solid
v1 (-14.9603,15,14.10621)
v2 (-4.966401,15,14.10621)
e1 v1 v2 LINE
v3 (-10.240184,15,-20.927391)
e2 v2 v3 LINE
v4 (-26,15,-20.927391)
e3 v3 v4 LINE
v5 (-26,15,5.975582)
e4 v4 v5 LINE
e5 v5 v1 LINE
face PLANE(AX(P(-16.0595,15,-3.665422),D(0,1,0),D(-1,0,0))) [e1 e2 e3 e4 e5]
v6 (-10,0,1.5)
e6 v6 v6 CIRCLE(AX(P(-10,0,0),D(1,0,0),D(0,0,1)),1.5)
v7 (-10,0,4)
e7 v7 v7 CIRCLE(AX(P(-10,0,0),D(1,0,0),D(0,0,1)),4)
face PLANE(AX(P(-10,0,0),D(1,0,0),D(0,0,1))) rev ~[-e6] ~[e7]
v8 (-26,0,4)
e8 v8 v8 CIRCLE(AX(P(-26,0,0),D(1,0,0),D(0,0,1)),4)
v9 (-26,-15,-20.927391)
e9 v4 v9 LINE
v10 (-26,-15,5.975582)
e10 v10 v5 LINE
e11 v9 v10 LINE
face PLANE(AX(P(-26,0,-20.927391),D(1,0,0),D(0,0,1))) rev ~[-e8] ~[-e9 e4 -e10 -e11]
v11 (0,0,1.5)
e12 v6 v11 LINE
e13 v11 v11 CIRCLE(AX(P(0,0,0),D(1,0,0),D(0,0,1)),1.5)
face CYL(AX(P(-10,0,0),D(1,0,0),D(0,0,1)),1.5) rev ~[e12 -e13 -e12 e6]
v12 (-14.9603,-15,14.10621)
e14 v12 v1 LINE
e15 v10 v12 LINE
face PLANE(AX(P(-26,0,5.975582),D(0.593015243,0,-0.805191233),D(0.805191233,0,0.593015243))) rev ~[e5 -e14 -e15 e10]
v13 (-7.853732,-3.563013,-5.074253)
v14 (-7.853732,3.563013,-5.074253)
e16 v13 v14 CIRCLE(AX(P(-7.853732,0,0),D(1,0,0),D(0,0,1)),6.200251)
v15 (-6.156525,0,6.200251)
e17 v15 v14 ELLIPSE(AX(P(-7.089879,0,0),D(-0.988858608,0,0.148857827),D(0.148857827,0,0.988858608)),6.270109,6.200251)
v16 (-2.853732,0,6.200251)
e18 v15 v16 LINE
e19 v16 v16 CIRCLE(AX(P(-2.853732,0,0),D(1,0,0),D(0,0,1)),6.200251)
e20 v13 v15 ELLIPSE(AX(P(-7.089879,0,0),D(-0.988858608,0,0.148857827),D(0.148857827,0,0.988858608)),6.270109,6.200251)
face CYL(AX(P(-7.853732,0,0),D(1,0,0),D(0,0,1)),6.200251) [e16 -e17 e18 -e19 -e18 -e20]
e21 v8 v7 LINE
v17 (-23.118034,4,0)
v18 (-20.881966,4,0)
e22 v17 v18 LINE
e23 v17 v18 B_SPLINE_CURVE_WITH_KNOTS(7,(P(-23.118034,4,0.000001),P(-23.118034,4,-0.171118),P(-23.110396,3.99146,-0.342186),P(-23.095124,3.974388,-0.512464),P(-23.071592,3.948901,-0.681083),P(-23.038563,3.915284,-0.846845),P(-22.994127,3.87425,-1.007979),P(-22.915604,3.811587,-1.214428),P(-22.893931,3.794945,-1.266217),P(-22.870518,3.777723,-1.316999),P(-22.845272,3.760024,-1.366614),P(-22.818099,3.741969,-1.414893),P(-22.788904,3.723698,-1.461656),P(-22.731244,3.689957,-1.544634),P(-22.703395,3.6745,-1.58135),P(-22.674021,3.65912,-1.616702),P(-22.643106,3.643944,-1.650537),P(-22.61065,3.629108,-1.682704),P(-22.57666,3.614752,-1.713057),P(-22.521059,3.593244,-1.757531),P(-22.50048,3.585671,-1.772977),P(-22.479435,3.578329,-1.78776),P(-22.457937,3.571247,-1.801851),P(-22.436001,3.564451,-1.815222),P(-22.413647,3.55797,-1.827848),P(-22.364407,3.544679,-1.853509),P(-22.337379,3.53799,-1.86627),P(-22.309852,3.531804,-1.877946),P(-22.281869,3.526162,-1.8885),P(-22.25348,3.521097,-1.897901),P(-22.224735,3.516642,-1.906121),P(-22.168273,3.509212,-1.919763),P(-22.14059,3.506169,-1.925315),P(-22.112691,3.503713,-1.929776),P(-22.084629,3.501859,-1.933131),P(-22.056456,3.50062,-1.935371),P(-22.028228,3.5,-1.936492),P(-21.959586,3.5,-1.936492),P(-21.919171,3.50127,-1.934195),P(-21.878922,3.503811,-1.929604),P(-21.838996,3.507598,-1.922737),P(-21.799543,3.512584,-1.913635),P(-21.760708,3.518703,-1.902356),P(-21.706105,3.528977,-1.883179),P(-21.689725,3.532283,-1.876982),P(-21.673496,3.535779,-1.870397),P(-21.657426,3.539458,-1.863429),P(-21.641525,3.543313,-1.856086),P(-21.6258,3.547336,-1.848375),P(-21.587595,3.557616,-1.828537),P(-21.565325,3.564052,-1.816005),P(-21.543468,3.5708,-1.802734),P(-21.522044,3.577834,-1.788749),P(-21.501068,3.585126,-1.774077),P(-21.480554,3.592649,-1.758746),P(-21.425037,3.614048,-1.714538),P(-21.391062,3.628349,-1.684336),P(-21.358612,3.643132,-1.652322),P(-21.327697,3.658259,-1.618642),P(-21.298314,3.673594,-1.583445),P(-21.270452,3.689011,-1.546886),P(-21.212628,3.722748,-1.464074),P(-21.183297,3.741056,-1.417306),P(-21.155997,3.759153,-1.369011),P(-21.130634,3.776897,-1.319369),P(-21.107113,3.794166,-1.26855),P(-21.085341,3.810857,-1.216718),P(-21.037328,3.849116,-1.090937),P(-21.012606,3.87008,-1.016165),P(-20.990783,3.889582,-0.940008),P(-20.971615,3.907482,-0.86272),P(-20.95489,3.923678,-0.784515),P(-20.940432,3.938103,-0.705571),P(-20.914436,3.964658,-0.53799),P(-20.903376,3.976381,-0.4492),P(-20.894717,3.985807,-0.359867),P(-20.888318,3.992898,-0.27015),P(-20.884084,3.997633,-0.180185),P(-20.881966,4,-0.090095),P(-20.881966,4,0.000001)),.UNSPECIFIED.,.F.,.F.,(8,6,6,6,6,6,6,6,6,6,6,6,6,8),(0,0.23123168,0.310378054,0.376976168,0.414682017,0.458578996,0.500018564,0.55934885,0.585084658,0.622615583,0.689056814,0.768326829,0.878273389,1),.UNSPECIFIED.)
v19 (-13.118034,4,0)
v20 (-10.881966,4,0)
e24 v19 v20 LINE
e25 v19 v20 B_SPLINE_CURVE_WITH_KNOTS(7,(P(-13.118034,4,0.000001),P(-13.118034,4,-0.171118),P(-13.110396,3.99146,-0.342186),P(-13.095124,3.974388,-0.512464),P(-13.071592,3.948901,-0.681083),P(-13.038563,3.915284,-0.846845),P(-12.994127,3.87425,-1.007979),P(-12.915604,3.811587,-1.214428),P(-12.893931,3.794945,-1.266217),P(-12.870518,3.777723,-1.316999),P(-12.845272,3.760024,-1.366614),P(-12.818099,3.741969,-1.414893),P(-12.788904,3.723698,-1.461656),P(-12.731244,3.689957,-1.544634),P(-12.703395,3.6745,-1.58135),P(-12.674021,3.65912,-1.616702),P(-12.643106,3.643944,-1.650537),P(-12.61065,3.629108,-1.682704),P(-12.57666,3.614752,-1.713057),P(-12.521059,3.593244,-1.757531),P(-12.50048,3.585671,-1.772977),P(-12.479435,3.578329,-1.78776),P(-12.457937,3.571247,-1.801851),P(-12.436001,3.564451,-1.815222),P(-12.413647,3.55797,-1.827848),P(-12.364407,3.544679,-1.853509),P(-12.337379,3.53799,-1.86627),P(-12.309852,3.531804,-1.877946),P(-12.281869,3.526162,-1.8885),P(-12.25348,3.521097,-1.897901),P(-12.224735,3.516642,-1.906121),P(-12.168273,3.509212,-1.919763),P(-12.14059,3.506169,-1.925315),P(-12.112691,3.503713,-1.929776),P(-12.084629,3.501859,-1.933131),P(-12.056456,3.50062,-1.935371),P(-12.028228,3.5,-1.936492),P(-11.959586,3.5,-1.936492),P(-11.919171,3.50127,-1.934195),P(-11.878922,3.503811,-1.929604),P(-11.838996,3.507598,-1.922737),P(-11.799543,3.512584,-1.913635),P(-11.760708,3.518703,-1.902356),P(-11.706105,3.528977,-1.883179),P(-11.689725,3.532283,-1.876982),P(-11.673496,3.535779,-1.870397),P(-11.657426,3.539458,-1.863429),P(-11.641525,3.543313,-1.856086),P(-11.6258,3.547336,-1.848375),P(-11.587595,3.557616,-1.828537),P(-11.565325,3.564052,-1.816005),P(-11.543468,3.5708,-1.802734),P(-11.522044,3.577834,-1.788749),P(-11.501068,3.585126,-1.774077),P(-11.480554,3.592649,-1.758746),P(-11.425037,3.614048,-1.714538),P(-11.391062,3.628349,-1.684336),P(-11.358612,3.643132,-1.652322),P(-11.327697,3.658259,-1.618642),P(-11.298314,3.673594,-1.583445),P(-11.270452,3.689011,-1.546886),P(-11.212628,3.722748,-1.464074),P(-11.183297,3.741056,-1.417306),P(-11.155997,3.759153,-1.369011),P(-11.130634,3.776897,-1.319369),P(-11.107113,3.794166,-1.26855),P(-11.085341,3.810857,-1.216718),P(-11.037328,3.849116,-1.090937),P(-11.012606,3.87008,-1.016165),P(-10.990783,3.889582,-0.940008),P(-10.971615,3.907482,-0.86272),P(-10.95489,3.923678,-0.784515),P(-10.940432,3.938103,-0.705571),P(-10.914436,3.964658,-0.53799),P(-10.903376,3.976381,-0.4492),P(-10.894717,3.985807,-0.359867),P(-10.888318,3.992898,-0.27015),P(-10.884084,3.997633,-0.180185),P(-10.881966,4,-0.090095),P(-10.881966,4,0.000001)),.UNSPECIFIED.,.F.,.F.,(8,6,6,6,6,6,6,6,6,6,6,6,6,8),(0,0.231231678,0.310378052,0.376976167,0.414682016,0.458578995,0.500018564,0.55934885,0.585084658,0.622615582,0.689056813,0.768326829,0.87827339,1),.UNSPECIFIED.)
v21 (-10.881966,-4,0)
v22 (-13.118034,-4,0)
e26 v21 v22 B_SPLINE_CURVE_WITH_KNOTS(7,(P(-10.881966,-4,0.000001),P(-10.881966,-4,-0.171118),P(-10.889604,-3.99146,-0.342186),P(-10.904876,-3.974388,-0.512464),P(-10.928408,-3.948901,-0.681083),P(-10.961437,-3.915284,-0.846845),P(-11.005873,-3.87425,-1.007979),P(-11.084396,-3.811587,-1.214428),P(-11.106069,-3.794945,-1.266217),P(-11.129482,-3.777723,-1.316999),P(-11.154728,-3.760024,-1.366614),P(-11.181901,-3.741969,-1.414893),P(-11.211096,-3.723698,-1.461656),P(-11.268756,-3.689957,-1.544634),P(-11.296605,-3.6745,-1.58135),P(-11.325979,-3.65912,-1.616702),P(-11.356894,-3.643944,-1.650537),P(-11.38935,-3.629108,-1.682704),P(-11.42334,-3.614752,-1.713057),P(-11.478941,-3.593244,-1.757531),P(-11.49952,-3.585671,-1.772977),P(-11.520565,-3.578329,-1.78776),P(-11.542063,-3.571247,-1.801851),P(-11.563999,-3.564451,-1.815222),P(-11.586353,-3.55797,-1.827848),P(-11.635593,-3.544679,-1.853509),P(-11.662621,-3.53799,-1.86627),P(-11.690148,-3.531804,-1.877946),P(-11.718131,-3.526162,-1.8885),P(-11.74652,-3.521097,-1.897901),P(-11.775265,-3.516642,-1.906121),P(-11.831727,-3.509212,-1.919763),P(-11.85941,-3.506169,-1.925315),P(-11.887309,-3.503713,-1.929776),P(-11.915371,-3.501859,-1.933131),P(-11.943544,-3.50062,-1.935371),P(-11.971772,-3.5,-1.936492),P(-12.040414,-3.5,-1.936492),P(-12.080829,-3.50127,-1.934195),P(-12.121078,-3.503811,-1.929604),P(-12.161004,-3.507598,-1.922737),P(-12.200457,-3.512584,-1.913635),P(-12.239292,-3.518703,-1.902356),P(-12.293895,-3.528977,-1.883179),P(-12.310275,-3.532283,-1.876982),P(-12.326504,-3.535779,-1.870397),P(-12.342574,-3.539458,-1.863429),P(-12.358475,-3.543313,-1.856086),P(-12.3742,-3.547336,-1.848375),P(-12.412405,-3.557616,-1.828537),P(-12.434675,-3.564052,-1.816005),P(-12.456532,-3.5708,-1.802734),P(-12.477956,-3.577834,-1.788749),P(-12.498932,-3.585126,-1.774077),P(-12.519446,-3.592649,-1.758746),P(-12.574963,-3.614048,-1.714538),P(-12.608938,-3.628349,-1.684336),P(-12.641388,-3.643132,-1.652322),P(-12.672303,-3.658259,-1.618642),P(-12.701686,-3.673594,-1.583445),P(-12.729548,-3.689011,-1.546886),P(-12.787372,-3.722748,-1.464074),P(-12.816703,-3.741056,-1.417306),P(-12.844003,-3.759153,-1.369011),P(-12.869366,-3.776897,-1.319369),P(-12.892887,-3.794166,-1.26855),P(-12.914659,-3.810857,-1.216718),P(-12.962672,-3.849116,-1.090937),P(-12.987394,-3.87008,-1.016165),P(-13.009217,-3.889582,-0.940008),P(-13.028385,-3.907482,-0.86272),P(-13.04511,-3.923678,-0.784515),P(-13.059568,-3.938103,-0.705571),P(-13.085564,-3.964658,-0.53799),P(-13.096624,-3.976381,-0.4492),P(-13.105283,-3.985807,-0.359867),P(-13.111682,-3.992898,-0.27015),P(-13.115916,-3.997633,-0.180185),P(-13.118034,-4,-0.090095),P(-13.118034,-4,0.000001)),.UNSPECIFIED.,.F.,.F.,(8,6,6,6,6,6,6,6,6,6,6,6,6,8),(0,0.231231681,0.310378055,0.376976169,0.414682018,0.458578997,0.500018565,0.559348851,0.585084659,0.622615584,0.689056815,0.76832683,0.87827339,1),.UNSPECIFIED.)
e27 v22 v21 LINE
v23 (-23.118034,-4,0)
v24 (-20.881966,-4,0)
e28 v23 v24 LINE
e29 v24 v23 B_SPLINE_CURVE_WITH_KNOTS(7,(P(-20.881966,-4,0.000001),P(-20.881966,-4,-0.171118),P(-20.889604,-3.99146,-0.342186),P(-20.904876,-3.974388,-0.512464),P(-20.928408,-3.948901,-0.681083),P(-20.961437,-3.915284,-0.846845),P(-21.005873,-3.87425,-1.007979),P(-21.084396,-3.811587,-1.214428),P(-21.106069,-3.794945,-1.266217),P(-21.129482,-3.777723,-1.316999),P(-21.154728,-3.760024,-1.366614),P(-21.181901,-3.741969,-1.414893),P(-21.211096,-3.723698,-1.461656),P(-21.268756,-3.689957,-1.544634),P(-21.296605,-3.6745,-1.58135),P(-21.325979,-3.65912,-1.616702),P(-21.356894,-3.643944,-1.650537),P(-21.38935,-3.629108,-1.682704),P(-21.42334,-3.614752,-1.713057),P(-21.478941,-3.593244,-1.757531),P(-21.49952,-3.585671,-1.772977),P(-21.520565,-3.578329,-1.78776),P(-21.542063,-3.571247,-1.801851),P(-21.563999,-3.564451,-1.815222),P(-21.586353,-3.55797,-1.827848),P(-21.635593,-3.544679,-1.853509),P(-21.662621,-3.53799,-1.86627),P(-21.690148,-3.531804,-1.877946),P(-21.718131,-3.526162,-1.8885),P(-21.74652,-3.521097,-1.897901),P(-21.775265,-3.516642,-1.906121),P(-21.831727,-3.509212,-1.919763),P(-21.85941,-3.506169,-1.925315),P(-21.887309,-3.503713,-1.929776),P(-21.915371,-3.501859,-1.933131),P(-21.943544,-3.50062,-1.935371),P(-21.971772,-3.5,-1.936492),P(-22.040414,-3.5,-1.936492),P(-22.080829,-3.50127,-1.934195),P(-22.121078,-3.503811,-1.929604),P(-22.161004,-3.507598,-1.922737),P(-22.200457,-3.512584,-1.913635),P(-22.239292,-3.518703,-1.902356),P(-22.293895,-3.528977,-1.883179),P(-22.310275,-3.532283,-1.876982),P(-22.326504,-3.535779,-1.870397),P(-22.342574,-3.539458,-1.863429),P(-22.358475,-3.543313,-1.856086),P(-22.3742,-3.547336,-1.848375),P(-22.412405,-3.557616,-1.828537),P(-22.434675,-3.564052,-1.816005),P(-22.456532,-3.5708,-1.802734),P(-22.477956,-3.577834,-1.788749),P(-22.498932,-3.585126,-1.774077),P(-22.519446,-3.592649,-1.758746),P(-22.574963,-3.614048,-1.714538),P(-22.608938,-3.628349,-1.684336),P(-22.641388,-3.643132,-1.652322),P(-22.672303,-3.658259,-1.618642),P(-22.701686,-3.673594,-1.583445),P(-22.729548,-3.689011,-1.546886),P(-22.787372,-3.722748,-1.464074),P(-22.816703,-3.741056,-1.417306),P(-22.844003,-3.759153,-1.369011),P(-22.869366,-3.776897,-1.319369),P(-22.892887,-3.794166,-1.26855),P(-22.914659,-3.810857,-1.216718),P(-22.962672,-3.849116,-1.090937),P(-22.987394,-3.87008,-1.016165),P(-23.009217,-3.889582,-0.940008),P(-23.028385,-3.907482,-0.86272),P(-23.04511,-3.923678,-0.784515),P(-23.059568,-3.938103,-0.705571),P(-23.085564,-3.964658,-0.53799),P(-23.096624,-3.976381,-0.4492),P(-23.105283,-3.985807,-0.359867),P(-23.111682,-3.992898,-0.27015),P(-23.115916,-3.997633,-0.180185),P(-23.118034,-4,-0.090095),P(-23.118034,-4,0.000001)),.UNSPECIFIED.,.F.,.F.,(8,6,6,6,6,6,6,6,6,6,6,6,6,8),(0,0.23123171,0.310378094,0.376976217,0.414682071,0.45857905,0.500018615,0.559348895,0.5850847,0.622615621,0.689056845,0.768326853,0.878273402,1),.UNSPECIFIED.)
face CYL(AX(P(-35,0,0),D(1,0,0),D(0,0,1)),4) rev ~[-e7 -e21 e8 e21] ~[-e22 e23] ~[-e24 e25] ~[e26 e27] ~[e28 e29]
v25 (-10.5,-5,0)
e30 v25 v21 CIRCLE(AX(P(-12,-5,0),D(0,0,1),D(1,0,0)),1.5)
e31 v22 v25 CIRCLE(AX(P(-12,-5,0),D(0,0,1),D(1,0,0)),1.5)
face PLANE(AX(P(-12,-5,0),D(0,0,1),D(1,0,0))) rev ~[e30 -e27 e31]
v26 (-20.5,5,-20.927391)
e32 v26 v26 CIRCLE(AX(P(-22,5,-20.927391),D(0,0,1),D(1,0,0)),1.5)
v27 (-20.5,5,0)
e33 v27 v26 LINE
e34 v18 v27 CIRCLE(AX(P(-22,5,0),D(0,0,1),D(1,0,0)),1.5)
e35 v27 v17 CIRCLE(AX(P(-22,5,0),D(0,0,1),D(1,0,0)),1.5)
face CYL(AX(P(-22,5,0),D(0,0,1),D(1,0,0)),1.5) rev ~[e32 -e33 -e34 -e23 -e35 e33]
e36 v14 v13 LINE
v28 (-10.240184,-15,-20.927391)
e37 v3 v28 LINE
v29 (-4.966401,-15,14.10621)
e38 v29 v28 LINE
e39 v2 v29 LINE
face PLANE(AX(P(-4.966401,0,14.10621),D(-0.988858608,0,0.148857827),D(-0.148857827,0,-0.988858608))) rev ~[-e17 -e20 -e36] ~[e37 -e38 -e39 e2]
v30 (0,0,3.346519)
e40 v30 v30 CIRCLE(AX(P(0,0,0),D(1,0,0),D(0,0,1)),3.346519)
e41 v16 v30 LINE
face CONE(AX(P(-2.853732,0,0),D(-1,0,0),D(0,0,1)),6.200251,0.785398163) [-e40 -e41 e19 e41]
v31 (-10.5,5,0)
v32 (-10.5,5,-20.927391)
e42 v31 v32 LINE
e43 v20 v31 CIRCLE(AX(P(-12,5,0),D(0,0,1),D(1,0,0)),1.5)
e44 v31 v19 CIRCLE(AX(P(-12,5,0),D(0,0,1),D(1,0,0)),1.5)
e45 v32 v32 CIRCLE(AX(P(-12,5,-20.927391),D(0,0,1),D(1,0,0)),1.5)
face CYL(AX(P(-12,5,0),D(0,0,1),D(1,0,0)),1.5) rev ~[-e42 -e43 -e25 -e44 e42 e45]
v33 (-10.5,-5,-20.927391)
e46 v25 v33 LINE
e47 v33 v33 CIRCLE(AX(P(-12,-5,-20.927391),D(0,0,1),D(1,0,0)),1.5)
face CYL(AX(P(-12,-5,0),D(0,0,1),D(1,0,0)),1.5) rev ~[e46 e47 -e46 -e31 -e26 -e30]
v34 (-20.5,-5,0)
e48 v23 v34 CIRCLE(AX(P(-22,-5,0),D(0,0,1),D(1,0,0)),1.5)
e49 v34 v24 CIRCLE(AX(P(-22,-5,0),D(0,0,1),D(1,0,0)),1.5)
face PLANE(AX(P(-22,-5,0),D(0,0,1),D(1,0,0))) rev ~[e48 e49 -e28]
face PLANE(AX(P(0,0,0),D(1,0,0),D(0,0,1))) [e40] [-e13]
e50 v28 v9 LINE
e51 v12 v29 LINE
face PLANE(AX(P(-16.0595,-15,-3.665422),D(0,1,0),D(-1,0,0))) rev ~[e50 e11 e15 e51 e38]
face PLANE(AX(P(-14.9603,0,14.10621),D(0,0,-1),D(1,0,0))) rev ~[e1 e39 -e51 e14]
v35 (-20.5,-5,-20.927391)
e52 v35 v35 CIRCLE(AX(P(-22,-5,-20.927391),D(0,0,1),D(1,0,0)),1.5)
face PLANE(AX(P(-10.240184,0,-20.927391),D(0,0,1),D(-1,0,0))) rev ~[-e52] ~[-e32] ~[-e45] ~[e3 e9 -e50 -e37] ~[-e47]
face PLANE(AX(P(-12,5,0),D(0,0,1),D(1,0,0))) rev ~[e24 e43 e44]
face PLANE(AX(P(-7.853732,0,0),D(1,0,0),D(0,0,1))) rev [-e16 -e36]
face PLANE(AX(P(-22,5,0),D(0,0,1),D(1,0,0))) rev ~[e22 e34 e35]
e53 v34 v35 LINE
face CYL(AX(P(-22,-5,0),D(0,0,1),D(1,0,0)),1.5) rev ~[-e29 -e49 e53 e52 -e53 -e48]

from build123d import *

# Parameters (mm, degrees)
SKETCH003_R  = 1.5
PAD_DEPTH    = 50
PAD001_DEPTH = 15


with BuildPart() as bearingmountcutout:
    # Sketch007 → Revolution003 (revolve)
    with BuildSketch(Plane.XZ):
        Polygon((-35, 0), (-35, 4), (-10, 4), (-10, 1.5), (0, 1.5), (0, 0), align=None)
    revolve(axis=Axis((0, 0, 0), (1, 0, 0)))


with BuildPart() as cutouts:
    # Sketch003 → Pad (new body)
    with BuildSketch(Plane.XY):
        with Locations((-22, 5)):
            Circle(SKETCH003_R)
        with Locations((-12, 5)):
            Circle(SKETCH003_R)
        with Locations((-22, -5)):
            Circle(SKETCH003_R)
        with Locations((-12, -5)):
            Circle(SKETCH003_R)
    extrude(amount=-PAD_DEPTH)

    # Fusion001: union BearingMountCutout
    add(bearingmountcutout.part)


with BuildPart() as innerrace002:
    # Sketch001 → Revolution001 (revolve)
    with BuildSketch(Plane.XZ):
        Polygon((-7.853732, 6.200251), (-2.853732, 6.200251), (0, 3.346519), (0, 0), (-7.853732, 0), align=None)
    revolve(axis=Axis((0, 0, 0), (1, 0, 0)))


with BuildPart() as base001:
    # Sketch004 → Pad001 (new body, symmetric)
    with BuildSketch(Plane.XZ):
        Polygon((-26, -20.927391), (-26, 5.975582), (-14.9603, 14.10621), (-4.966401, 14.10621), (-10.240184, -20.927391), align=None)
    extrude(amount=PAD001_DEPTH, both=True)

    # Fusion: union InnerRace002
    add(innerrace002.part)

    # Cut001: cut Cutouts
    add(cutouts.part, mode=Mode.SUBTRACT)


solid = base001.part
